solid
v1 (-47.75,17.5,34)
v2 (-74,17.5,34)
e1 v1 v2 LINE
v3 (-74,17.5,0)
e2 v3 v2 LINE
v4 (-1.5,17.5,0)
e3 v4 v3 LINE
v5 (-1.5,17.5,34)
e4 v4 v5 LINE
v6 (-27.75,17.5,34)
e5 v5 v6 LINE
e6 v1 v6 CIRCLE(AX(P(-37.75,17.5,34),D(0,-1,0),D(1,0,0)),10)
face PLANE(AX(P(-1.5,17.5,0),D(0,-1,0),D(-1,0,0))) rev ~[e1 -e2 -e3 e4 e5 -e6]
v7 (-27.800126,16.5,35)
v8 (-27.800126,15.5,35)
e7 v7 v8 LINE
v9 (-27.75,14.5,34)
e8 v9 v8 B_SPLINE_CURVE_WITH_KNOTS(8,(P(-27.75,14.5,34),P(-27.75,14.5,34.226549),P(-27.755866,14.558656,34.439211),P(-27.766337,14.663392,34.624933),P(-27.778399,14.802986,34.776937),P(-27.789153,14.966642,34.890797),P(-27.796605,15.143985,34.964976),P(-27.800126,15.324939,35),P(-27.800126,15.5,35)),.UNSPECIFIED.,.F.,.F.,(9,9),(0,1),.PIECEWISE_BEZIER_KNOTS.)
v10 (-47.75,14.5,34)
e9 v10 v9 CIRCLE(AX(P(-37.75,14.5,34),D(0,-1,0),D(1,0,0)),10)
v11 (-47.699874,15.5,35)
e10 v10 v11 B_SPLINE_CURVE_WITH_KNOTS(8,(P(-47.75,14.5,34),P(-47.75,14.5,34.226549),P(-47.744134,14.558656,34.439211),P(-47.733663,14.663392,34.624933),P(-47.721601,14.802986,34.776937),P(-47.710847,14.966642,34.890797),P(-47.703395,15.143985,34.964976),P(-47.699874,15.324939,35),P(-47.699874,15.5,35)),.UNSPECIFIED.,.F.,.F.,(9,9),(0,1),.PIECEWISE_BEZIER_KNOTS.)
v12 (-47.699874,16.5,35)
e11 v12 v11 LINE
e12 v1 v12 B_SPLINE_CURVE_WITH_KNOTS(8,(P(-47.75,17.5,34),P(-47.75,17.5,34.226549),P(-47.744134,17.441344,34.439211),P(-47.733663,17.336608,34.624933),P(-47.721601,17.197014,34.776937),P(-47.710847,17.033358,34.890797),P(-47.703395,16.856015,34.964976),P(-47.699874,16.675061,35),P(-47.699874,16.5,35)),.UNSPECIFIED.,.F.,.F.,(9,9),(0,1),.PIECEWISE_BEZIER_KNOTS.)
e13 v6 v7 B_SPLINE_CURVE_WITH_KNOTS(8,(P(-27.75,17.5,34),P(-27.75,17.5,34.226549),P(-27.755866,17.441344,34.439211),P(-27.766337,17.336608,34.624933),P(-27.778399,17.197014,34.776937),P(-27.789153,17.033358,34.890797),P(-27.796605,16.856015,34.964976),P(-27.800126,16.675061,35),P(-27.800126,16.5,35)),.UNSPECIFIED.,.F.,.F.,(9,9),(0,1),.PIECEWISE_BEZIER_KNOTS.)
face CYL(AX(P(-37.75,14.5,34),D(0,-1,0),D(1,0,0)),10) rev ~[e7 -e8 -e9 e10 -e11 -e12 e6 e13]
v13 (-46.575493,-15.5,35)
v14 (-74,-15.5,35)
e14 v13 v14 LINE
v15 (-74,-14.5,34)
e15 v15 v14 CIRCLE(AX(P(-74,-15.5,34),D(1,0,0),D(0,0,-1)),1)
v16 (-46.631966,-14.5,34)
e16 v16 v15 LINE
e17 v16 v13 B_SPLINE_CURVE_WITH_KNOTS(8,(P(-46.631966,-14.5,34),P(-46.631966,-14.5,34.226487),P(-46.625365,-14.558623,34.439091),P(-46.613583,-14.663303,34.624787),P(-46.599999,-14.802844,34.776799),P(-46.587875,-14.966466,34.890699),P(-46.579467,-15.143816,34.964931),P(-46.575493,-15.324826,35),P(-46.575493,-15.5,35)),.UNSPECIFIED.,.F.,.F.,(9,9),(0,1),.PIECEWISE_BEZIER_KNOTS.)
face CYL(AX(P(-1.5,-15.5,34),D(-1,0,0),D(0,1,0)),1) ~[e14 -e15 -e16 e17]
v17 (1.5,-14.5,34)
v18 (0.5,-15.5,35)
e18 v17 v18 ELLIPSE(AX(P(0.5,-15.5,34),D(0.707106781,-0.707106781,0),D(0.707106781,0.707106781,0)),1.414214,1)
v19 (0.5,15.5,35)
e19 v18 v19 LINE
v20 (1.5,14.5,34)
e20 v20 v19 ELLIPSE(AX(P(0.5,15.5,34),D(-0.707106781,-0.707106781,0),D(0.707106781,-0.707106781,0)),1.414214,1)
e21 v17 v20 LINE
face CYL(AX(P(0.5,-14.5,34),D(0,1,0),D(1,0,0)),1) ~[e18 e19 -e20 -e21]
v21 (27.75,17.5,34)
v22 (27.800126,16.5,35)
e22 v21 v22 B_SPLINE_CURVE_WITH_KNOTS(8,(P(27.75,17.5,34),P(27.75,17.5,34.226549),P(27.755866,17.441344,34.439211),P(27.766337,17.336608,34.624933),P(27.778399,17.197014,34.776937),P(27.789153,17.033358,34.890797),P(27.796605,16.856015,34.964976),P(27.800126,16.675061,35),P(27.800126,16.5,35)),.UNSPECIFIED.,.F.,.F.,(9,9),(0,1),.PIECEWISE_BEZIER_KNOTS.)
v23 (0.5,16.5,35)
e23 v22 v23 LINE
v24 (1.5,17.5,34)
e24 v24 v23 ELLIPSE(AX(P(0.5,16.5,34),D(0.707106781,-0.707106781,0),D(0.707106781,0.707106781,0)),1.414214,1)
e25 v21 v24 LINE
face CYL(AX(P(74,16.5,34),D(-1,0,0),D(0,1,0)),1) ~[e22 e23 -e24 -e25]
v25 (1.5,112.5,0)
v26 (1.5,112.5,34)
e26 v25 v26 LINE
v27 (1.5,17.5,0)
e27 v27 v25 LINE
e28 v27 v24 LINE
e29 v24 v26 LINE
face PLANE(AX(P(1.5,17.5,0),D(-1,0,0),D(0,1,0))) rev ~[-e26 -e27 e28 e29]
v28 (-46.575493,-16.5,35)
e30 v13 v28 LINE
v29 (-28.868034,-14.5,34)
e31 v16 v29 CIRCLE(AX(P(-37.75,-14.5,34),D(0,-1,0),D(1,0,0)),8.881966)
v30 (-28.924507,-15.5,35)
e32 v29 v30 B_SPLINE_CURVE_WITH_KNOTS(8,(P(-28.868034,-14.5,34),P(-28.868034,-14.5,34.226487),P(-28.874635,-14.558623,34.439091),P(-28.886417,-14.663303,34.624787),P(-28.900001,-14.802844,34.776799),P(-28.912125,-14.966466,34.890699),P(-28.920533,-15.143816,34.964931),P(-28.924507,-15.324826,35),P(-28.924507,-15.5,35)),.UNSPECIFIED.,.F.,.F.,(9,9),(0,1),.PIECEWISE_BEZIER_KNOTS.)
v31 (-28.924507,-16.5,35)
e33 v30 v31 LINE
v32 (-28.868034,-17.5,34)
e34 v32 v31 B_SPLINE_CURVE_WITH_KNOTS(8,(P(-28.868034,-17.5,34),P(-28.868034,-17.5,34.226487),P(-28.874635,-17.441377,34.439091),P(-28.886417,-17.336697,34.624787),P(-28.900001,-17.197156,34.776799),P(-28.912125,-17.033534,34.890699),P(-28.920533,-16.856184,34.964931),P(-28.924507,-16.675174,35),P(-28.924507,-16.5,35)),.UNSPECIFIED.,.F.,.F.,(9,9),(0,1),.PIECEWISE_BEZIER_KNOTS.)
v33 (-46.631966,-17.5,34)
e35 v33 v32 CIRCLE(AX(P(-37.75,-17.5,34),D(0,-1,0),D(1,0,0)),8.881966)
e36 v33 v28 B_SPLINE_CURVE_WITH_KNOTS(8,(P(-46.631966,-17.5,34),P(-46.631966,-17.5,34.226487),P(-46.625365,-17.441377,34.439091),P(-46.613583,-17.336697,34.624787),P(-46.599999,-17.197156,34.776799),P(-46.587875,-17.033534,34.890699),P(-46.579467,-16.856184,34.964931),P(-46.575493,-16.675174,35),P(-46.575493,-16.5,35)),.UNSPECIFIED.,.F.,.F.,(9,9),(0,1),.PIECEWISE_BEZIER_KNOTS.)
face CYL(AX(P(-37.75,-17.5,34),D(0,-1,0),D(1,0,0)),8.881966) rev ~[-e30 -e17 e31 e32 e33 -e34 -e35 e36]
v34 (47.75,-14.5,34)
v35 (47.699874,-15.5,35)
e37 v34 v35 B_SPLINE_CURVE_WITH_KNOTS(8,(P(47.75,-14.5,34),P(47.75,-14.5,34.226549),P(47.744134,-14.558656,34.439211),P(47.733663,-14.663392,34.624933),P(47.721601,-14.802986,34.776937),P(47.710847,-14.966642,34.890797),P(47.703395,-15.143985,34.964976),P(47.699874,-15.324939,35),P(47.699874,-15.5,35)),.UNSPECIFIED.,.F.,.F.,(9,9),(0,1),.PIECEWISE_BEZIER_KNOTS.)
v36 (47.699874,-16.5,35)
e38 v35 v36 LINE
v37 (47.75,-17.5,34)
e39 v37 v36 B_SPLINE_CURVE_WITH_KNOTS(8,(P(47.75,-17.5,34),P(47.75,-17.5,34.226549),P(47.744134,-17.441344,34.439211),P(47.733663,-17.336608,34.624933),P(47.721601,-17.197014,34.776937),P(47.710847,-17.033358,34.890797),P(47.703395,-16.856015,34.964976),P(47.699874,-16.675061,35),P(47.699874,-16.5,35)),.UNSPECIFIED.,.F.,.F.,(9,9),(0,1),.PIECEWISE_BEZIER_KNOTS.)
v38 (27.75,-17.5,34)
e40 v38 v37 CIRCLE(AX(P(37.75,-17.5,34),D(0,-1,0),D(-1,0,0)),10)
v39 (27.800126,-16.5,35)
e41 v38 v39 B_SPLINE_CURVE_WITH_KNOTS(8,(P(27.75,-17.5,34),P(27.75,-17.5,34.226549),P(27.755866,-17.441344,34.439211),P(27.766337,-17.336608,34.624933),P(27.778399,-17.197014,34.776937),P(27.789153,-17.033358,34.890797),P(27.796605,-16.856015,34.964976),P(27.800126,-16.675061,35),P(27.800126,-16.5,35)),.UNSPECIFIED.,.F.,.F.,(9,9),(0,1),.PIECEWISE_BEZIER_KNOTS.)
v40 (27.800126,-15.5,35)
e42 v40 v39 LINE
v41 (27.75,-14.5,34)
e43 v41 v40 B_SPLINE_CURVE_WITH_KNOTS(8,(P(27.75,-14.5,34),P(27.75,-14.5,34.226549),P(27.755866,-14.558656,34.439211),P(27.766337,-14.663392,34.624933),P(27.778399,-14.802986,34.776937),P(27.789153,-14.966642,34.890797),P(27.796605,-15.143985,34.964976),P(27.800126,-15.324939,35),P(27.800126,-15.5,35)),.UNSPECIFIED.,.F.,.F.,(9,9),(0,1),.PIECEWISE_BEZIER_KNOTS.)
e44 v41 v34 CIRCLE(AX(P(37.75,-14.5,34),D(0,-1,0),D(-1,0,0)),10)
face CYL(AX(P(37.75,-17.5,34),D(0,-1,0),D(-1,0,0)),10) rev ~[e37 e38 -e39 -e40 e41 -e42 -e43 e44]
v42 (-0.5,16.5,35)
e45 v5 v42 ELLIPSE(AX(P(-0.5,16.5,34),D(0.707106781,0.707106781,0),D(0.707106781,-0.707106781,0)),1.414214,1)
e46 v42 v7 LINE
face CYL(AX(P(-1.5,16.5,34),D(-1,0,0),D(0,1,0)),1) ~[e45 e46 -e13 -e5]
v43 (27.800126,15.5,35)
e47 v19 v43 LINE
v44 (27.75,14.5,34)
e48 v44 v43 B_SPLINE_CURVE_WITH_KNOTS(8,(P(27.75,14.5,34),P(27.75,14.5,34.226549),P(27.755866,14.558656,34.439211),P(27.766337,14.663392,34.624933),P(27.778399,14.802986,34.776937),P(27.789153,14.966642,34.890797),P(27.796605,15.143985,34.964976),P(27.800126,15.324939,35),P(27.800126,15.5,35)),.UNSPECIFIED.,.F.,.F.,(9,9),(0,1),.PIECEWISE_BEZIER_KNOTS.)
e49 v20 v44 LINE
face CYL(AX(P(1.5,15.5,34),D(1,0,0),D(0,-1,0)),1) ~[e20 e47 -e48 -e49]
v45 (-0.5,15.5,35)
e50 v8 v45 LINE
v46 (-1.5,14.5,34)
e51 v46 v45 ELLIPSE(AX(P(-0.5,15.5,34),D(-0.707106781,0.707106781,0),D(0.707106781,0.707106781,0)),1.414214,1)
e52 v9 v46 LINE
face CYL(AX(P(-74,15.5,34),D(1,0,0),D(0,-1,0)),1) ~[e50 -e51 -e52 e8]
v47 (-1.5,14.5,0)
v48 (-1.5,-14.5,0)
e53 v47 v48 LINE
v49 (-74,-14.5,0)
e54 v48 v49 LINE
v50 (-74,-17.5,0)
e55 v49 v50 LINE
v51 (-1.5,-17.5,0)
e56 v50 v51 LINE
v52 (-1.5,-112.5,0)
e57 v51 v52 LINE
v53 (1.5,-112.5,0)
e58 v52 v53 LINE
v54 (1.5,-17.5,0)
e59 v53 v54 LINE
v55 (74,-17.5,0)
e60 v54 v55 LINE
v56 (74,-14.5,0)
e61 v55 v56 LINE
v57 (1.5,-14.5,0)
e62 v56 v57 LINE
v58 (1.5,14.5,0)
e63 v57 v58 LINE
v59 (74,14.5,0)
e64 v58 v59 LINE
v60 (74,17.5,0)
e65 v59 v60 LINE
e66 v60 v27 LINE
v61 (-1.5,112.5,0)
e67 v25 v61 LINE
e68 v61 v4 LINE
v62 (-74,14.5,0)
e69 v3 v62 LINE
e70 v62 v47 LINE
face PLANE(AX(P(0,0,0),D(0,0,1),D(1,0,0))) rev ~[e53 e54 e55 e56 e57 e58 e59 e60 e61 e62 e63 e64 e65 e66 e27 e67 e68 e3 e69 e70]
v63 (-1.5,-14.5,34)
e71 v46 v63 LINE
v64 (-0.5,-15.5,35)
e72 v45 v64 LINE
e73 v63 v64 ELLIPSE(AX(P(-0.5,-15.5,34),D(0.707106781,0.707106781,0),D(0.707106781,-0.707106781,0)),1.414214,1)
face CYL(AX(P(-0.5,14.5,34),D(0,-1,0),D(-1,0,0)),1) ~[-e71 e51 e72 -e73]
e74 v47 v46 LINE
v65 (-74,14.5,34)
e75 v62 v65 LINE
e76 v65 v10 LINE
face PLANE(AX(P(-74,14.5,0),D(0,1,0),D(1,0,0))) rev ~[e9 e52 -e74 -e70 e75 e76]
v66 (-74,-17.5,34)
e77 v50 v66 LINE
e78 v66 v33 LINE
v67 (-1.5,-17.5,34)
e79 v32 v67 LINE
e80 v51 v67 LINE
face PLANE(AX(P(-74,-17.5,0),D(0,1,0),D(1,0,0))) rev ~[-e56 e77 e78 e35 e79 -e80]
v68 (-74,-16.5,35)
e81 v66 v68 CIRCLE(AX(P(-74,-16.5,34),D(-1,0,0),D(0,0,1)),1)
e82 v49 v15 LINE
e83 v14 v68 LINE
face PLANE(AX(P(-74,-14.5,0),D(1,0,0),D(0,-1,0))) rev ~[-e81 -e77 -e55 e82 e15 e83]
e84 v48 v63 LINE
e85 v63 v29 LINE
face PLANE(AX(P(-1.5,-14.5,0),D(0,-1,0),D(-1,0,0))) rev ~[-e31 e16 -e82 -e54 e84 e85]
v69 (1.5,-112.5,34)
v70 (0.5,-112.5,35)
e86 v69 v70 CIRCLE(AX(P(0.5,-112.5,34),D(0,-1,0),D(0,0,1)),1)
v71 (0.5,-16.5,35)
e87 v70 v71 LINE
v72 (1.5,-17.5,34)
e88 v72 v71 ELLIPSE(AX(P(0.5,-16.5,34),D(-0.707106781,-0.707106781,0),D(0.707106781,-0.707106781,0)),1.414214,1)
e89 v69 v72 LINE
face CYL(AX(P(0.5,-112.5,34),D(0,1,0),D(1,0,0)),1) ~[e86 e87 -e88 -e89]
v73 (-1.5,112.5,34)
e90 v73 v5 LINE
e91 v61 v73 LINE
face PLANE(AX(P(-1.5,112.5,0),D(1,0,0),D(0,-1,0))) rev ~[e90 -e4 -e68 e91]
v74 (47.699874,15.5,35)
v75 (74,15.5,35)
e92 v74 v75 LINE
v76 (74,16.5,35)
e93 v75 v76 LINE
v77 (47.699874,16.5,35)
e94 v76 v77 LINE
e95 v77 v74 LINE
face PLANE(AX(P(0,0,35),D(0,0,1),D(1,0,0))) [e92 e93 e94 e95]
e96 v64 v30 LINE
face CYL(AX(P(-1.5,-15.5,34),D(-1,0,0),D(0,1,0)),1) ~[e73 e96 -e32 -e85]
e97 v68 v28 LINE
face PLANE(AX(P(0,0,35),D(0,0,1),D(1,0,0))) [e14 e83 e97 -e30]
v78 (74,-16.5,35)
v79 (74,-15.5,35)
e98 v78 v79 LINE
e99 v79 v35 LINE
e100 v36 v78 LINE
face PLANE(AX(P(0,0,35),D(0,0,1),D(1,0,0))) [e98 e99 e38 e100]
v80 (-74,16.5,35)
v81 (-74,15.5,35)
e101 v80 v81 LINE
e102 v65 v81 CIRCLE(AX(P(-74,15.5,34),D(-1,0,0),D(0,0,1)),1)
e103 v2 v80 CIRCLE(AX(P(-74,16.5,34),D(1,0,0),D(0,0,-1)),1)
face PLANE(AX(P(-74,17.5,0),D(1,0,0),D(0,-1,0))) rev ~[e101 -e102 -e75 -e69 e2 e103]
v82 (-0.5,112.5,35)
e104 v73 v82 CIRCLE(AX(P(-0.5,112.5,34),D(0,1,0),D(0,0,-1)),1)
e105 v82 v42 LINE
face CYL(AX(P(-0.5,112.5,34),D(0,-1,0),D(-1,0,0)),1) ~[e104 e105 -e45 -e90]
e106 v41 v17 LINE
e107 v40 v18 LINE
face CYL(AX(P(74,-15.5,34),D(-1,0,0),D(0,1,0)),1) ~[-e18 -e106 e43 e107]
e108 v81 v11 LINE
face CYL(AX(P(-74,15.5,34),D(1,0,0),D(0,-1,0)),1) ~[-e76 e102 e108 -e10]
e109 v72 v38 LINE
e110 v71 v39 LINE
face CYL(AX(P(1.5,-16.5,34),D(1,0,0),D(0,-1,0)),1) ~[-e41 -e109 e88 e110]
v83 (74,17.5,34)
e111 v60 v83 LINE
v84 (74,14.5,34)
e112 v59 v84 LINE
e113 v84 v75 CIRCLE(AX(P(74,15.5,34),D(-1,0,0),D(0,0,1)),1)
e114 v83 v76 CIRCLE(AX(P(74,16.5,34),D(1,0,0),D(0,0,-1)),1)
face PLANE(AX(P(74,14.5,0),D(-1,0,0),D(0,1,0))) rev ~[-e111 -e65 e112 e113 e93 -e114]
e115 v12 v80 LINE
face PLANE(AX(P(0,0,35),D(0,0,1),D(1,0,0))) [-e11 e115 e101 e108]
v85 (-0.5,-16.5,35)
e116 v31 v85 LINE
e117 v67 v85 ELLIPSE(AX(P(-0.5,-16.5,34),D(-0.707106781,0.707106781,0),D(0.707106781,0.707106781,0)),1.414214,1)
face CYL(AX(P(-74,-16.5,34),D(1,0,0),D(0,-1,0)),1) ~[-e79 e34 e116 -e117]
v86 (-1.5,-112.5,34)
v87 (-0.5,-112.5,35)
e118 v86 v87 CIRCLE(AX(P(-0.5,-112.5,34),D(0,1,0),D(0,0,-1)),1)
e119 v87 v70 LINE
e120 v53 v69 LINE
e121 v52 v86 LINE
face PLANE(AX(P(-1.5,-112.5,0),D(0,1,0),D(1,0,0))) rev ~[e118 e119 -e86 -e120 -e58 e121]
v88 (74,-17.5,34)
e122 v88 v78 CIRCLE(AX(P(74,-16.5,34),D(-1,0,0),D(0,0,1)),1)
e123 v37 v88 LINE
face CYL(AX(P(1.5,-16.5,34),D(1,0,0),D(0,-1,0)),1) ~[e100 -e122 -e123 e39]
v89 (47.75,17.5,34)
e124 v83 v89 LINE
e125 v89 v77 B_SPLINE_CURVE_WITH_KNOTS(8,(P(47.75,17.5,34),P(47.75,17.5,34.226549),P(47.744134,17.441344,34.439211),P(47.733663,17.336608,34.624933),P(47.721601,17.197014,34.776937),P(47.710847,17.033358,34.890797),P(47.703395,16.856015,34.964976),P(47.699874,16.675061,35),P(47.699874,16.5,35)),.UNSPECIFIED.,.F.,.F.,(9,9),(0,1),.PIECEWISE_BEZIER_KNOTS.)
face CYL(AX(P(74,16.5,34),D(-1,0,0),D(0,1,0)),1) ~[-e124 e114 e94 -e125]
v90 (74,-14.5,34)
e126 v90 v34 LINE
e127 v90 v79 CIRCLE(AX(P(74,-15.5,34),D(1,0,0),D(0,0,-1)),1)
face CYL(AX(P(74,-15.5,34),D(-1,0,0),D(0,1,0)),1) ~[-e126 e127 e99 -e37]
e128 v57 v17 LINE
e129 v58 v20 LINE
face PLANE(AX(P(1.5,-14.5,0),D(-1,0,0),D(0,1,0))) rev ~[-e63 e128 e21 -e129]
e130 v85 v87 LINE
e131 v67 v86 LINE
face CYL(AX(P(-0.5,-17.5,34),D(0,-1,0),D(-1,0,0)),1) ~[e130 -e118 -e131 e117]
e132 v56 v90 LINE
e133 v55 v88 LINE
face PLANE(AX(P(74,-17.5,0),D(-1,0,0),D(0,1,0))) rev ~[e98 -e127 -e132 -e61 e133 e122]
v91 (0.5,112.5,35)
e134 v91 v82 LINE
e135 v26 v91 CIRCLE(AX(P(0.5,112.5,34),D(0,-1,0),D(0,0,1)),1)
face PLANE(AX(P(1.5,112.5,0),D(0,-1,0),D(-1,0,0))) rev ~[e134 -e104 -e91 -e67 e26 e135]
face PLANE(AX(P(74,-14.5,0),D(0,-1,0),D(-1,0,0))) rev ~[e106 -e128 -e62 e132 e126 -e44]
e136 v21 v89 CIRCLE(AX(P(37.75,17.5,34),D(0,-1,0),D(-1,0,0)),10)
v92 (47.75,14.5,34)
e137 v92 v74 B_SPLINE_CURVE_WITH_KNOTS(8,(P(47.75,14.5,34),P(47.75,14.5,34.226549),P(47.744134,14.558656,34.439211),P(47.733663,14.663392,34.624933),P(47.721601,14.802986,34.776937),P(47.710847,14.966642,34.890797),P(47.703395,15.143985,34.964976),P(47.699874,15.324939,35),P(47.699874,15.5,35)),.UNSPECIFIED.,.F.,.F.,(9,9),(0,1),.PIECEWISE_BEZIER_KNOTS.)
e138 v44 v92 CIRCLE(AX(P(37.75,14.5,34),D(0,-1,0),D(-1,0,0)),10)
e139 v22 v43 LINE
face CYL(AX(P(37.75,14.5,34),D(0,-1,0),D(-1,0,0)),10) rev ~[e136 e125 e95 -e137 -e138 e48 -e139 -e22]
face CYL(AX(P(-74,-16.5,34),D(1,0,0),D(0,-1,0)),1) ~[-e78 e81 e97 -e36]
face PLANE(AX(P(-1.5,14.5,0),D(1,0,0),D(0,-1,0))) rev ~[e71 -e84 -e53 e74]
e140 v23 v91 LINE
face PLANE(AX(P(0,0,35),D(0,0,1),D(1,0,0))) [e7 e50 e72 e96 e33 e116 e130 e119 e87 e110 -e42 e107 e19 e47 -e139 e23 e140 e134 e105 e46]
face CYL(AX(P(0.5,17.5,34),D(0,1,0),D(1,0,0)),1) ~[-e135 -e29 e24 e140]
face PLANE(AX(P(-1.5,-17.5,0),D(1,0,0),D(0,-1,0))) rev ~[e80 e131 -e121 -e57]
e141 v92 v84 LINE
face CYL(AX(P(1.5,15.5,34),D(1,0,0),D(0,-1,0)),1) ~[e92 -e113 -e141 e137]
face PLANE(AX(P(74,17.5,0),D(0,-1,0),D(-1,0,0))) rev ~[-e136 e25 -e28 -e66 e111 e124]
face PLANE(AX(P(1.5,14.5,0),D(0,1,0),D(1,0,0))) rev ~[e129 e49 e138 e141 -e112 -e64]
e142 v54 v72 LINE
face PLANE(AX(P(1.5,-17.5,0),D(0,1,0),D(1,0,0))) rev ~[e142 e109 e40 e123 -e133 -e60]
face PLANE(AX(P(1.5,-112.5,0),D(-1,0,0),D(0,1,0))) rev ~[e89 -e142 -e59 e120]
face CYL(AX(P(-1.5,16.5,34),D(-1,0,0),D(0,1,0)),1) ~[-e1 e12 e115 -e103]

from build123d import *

# Parameters (mm, degrees)
F1_DEPTH  = 35
F2_R      = 1
F4_DEPTH  = 25
F6_DEPTH  = 25
F8_DEPTH  = 25
F10_DEPTH = 25


with BuildPart() as f1:
    # F0 (on Top) → F1 (new body)
    with BuildSketch(Plane.XY):
        Polygon((1.5, 17.5), (1.5, 112.5), (-1.5, 112.5), (-1.5, 17.5), (-74, 17.5), (-74, 14.5), (-1.5, 14.5), (-1.5, -14.5), (-74, -14.5), (-74, -17.5), (-1.5, -17.5), (-1.5, -112.5), (1.5, -112.5), (1.5, -17.5), (74, -17.5), (74, -14.5), (1.5, -14.5), (1.5, 14.5), (74, 14.5), (74, 17.5), align=None)
    extrude(amount=F1_DEPTH)

    # F2
    f2_edges = [f1.edges().sort_by_distance(p)[0] for p in [
        (-37.75, 14.5, 35),
        (-1.5, 65, 35),
        (-37.75, 17.5, 35),
        (1.5, 65, 35),
        (37.75, 17.5, 35),
        (37.75, 14.5, 35),
        (1.5, 0, 35),
        (-1.5, 0, 35),
        (-37.75, -14.5, 35),
        (-37.75, -17.5, 35),
        (37.75, -14.5, 35),
        (37.75, -17.5, 35),
        (-1.5, -65, 35),
        (1.5, -65, 35),
    ]]
    fillet(f2_edges, radius=F2_R)

    # F3 (on face) → F4 (cut)
    with BuildSketch(Plane.XZ.offset(17.5)):
        with BuildLine():
            ThreePointArc((-46.6319660113, 34), (-37.75, 25.1180339887), (-28.8680339887, 34))
            Line((-28.8680339887, 34), (-46.6319660113, 34))
        make_face()
        with BuildLine():
            Line((-46.6319660113, 34), (-28.8680339887, 34))
            ThreePointArc((-28.8680339887, 34), (-37.75, 42.8819660113), (-46.6319660113, 34))
        make_face()
    extrude(amount=-F4_DEPTH, mode=Mode.SUBTRACT)

    # F5 (on face) → F6 (cut)
    with BuildSketch(Plane.XZ.offset(-14.5)):
        with BuildLine():
            ThreePointArc((-47.75, 34), (-37.75, 24), (-27.75, 34))
            Line((-27.75, 34), (-47.75, 34))
        make_face()
        with BuildLine():
            Line((-47.75, 34), (-27.75, 34))
            ThreePointArc((-27.75, 34), (-37.75, 44), (-47.75, 34))
        make_face()
    extrude(amount=-F6_DEPTH, mode=Mode.SUBTRACT)

    # F7 (on face) → F8 (cut)
    with BuildSketch(Plane.XZ.offset(17.5)):
        with BuildLine():
            Line((27.75, 34), (47.75, 34))
            ThreePointArc((47.75, 34), (37.75, 44), (27.75, 34))
        make_face()
        with BuildLine():
            ThreePointArc((27.75, 34), (37.75, 24), (47.75, 34))
            Line((47.75, 34), (27.75, 34))
        make_face()
    extrude(amount=-F8_DEPTH, mode=Mode.SUBTRACT)

    # F9 (on face) → F10 (cut)
    with BuildSketch(Plane.XZ.offset(-14.5)):
        with BuildLine():
            Line((27.75, 34), (47.75, 34))
            ThreePointArc((47.75, 34), (37.75, 44), (27.75, 34))
        make_face()
        with BuildLine():
            ThreePointArc((27.75, 34), (37.75, 24), (47.75, 34))
            Line((47.75, 34), (27.75, 34))
        make_face()
    extrude(amount=-F10_DEPTH, mode=Mode.SUBTRACT)


solid = f1.part
